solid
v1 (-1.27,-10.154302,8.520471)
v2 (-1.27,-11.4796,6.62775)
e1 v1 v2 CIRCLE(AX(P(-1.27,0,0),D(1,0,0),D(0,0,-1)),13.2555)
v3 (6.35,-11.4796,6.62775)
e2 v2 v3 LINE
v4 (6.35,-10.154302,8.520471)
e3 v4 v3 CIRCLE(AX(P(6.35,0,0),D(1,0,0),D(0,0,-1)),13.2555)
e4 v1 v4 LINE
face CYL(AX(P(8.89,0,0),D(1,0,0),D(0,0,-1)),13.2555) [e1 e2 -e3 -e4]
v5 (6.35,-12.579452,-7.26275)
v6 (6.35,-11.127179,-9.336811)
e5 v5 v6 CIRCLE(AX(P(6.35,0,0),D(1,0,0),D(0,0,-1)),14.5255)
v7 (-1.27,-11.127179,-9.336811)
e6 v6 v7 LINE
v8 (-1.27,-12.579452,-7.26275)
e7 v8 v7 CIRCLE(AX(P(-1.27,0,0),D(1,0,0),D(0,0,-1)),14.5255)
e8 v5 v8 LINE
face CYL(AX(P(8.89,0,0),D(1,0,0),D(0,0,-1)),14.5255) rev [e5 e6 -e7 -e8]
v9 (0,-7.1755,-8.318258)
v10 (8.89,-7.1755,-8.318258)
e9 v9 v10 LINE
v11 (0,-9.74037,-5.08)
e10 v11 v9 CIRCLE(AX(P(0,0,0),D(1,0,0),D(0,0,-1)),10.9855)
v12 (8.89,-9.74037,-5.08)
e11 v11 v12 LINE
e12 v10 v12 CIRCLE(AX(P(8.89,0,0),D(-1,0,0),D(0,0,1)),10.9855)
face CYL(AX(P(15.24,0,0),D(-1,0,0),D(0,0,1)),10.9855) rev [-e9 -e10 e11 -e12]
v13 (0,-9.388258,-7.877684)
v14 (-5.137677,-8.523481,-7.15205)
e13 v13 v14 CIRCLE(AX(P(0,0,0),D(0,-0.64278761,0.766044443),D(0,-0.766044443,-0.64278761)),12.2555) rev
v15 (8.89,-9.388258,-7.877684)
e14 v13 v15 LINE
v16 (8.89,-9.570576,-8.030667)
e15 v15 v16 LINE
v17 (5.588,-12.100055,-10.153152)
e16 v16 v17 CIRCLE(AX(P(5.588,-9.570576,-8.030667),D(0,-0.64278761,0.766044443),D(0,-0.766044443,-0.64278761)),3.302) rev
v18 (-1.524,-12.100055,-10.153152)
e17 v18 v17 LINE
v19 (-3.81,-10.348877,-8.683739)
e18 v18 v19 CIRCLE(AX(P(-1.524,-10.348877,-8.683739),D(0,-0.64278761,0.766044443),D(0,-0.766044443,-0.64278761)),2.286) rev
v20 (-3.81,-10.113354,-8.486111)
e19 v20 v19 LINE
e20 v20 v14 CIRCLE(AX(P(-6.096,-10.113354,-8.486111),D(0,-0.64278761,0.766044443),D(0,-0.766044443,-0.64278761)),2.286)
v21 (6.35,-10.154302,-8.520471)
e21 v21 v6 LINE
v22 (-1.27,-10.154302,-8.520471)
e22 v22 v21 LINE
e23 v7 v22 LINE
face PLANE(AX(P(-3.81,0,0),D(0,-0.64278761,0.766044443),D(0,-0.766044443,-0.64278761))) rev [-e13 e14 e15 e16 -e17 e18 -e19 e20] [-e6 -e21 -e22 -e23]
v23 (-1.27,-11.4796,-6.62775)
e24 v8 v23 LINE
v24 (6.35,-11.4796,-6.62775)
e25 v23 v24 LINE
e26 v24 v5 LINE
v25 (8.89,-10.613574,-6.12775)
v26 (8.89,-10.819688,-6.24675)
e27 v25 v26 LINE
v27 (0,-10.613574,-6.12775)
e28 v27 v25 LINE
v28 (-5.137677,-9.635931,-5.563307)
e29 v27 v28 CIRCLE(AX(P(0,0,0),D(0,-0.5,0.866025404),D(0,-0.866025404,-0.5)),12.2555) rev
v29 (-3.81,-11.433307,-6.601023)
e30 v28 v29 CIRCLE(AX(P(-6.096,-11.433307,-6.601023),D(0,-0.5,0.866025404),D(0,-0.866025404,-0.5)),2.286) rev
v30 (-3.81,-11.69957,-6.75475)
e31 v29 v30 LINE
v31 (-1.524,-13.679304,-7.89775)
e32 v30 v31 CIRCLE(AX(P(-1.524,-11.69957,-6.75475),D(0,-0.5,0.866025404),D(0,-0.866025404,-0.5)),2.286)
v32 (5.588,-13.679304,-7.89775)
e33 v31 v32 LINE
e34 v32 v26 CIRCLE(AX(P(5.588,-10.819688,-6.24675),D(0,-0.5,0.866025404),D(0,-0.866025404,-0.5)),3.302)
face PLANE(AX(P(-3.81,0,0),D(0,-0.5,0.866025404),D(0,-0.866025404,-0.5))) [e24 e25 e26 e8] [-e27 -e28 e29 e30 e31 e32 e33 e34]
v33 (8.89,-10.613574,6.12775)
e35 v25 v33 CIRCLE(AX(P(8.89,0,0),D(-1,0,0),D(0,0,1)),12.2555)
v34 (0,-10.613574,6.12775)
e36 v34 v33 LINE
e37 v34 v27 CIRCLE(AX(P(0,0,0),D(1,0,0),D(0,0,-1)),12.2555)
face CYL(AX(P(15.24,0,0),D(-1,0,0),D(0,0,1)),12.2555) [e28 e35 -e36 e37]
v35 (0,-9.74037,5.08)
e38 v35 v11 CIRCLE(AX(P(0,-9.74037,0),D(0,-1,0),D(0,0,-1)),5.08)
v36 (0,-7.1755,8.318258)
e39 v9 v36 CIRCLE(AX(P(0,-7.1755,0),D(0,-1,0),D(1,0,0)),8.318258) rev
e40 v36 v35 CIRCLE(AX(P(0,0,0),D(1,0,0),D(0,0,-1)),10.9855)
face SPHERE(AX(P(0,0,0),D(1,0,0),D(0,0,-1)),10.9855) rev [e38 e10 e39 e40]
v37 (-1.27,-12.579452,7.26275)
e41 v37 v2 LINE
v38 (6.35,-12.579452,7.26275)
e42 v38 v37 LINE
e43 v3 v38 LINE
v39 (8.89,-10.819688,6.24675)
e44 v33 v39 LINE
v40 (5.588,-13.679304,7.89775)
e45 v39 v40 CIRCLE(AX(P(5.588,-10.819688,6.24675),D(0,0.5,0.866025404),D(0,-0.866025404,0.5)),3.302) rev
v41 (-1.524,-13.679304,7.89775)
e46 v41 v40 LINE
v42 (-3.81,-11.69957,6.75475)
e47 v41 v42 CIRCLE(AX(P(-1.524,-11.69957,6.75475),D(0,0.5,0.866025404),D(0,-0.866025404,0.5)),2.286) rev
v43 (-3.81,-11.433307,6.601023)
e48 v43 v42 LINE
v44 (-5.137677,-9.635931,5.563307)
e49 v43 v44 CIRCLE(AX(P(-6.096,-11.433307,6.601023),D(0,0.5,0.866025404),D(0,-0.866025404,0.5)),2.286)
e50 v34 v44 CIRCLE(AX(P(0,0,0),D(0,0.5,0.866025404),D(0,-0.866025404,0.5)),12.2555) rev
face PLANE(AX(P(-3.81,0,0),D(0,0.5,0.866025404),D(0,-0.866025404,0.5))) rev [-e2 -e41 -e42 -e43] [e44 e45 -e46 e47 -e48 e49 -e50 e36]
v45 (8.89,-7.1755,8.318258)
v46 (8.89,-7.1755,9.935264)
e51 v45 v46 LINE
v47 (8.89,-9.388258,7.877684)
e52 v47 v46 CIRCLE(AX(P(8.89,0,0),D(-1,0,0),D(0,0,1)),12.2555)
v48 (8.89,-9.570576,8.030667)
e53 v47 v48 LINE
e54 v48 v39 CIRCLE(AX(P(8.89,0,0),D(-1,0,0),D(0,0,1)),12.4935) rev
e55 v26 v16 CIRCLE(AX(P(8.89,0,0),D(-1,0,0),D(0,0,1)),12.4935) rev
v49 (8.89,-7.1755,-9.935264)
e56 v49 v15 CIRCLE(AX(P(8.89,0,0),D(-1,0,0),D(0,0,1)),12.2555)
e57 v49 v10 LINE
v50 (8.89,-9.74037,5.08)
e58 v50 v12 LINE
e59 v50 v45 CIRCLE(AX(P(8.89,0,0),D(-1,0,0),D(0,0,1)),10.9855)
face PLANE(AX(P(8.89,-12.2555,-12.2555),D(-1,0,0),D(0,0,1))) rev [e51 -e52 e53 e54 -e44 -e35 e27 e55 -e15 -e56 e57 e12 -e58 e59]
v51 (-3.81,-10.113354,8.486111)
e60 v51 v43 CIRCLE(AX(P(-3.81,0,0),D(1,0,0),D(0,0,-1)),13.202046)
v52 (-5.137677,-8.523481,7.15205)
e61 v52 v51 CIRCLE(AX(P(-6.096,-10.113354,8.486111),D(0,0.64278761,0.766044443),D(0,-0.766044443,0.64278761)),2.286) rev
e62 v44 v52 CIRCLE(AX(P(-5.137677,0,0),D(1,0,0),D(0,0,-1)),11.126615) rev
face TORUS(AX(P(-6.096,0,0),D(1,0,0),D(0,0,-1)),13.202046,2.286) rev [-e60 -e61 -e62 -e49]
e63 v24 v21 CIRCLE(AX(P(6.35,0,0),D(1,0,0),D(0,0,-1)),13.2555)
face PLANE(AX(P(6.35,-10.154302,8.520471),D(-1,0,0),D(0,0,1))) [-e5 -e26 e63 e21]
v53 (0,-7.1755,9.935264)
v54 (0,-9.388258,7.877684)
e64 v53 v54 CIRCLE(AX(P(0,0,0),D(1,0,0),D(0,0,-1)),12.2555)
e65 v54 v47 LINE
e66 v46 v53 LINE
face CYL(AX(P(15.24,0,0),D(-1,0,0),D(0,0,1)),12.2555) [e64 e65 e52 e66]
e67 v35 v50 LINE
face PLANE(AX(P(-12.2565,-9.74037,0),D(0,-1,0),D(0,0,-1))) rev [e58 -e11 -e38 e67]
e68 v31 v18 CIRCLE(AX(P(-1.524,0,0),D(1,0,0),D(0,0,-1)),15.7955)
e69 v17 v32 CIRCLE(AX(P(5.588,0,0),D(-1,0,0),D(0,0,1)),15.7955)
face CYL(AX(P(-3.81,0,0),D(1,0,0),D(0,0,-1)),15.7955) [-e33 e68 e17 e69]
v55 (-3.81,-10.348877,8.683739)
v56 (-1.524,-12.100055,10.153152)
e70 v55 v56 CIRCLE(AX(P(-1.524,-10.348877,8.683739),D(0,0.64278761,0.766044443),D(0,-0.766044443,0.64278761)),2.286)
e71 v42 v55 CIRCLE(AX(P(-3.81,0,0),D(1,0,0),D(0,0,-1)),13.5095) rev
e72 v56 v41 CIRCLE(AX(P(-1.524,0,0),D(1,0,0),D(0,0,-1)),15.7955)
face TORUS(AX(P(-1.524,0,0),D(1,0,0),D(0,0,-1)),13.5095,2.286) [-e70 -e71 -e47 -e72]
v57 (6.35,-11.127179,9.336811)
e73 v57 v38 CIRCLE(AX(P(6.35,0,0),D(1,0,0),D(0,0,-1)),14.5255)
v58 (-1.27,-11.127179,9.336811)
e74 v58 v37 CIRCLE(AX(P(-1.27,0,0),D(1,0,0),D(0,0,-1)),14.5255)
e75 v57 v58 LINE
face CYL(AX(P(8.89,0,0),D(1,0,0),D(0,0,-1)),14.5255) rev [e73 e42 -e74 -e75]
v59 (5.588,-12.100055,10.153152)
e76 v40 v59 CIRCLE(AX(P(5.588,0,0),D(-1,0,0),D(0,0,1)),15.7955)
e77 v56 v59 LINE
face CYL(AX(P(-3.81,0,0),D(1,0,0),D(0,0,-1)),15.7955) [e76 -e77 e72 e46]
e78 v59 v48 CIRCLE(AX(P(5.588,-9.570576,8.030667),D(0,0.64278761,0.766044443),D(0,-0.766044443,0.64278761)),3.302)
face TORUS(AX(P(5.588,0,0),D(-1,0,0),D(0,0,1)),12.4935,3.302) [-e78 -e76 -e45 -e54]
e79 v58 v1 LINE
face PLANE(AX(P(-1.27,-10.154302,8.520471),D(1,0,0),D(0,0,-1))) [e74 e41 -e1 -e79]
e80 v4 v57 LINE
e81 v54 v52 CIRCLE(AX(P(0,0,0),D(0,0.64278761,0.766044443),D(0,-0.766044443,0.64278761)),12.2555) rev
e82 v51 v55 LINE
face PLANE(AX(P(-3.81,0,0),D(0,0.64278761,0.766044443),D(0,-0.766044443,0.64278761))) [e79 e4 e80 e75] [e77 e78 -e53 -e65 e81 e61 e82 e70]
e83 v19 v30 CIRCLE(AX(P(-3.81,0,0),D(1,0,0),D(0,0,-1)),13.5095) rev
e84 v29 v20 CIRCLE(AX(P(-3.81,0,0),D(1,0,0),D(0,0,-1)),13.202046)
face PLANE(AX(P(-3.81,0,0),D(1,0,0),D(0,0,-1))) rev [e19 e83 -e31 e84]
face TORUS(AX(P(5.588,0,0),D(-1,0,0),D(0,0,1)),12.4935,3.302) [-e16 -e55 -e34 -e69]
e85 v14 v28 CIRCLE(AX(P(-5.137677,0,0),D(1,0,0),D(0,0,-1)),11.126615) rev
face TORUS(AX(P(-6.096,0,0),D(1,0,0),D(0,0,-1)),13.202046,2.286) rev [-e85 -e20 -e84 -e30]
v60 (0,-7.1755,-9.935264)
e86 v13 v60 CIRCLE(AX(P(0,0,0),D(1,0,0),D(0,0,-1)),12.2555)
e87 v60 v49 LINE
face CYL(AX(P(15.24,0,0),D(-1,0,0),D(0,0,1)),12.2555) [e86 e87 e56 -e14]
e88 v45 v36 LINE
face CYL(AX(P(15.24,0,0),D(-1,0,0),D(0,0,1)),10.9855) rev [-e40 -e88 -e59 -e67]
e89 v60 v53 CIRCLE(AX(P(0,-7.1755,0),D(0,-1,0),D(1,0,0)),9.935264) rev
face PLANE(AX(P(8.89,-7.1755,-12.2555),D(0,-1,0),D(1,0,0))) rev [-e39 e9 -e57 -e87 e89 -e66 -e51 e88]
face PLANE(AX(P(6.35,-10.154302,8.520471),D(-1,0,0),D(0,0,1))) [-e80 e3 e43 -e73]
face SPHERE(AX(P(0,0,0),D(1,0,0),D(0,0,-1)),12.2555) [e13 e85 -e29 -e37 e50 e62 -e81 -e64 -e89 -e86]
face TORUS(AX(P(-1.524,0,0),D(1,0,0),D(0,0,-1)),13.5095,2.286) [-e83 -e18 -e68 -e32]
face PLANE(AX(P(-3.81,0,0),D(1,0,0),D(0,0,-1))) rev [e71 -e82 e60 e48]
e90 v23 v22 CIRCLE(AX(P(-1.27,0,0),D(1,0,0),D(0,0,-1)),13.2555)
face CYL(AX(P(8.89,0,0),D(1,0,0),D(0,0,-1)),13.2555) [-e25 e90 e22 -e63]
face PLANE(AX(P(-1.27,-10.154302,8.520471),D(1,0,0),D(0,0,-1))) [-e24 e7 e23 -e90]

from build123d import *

# Parameters (mm, degrees)
SKETCH2_R                            = 12.2555
SKETCH2_R_2                          = 10.985499999999998
BOSS_EXTRUDE2_DEPTH                  = 15.239999999999998
CUT_EXTRUDE1_DEPTH                   = 24.079258231147723
CUT_EXTRUDE1_DEPTH_BACK              = 24.079258231147723
SKETCH6_W                            = 19.050000000000004
SKETCH6_H                            = 6.349999999999999
BOSS_EXTRUDE3_DEPTH                  = 11.43
BOSS_EXTRUDE3_DIRECTION_2_REACH      = 32.02
BOSS_EXTRUDE3_DIRECTION_2_END_RADIUS = 12.2555
SKETCH7_R                            = 1.4605000000000004
CUT_EXTRUDE3_DEPTH                   = 31.810720873585545
BOSS_EXTRUDE5_REACH                  = 32.02
LPATTERN1_COUNT                      = 3
LPATTERN1_PITCH                      = 5.334
CUT_EXTRUDE4_DEPTH                   = 35.034282139484006
FILLET5_R                            = 5.08
FILLET6_R                            = 2.54
BOSS_EXTRUDE6_REACH                  = 36.034
CUT_EXTRUDE5_DEPTH                   = 31.81072095045976
CUT_EXTRUDE5_DEPTH_BACK              = 31.81072095045976
CUT_EXTRUDE6_DEPTH                   = 31.81072095045976
CUT_EXTRUDE6_DEPTH_BACK              = 31.81072095045976
BOSS_EXTRUDE7_START                  = -12.7
BOSS_EXTRUDE7_DEPTH                  = 12.7
FILLET7_R                            = 2.286
FILLET8_R                            = 3.3019999999999996


with BuildPart() as part:
    # Sketch2 → Boss-Extrude2 (new body)
    with BuildSketch(Plane(origin=(0, 0, 0), x_dir=(0, 0, -1), z_dir=(1, 0, 0))):
        with Locations(Location((0, 0, 0), (0, 0, 180))):
            Circle(SKETCH2_R)
        with Locations(Location((0, 0, 0), (0, 0, 180))):
            Circle(SKETCH2_R_2, mode=Mode.SUBTRACT)
    extrude(amount=BOSS_EXTRUDE2_DEPTH)

    # Sketch3 → Revolve1 (revolve)
    with BuildSketch(Plane(origin=(0, 0, 0), x_dir=(1, 0, 0), z_dir=(0, 1, 0))):
        with BuildLine():
            Line((-12.2555, -1.5e-15), (-10.985499999999998, -1.35e-15))
            ThreePointArc((-10.985499999999998, 1.35e-15), (-7.767921544724782, 7.767921544724851), (9.58e-14, 10.985499999999998))
            Line((6.22e-15, 10.985499999999998), (6.94e-15, 12.2555))
            ThreePointArc((6.19e-15, 12.2555), (-8.665947156831733, 8.665947156831734), (-12.2555, 1.5e-15))
        make_face()
    revolve(axis=Axis((0, 0, 0), (-1, 0, 1.2e-16)))

    # Sketch4 → Cut-Extrude1 (cut, two sides: drawn at the far end of the back side and taken through both)
    with BuildSketch(Plane(origin=(0, 0, 0), x_dir=(1, 0, 0), z_dir=(0, 1, 0)).offset(-CUT_EXTRUDE1_DEPTH_BACK)):
        Polygon((15.239999999999998, 12.2555), (8.889999999999999, 12.255500000000001), (8.890000000000002, -12.255499999999998), (15.240000000000002, -12.2555), align=None)
    extrude(amount=CUT_EXTRUDE1_DEPTH + CUT_EXTRUDE1_DEPTH_BACK, mode=Mode.SUBTRACT)

    # Sketch6 → Boss-Extrude3 (add)
    with BuildSketch(Plane(origin=(0, 12.255499999999998, 0), x_dir=(1, 0, 0), z_dir=(0, 1, 0))):
        with Locations((-0.6349999999999953, 0)):
            Rectangle(SKETCH6_W, SKETCH6_H)
    extrude(amount=BOSS_EXTRUDE3_DEPTH)

    # Boss-Extrude3 direction 2: up to this cylinder (the profile starts outside it)
    boss_extrude3_direction_2_end = Plane(origin=(-0.6349999999999998, 0, 0), z_dir=(-1, 0, 0)) * Cylinder(BOSS_EXTRUDE3_DIRECTION_2_END_RADIUS, 89.551, mode=Mode.PRIVATE)
    # Sketch6 → Boss-Extrude3 direction 2 (add, up to the surface)
    with BuildSketch(Plane(origin=(0, 12.255499999999998, 0), x_dir=(1, 0, 0), z_dir=(0, 1, 0)), mode=Mode.PRIVATE) as boss_extrude3_direction_2_sk1:
        with Locations((-0.6349999999999953, 0)):
            Rectangle(SKETCH6_W, SKETCH6_H)
    boss_extrude3_direction_2_tool1 = extrude(boss_extrude3_direction_2_sk1.sketch, amount=-BOSS_EXTRUDE3_DIRECTION_2_REACH, mode=Mode.PRIVATE) - boss_extrude3_direction_2_end
    add(boss_extrude3_direction_2_tool1.solids().sort_by_distance((-0.635, 12.2555, 0))[0])
    add(boss_extrude3_direction_2_tool1.solids().sort_by_distance((-0.635, 12.2555, 0))[1])

    # Sketch7 → Cut-Extrude3 (cut, through all)
    with BuildSketch(Plane.XY.offset(3.175)):
        with Locations((4.889500000000005, 19.685)):
            Circle(SKETCH7_R)
    cut_extrude3 = extrude(amount=-CUT_EXTRUDE3_DEPTH, mode=Mode.SUBTRACT)

    # Sketch10 → Boss-Extrude5 (add, up to next)
    with BuildSketch(Plane(origin=(0, 12.255499999999998, 0), x_dir=(1, 0, 0), z_dir=(0, 1, 0)), mode=Mode.PRIVATE) as boss_extrude5_sk1:
        Polygon((8.83e-15, -3.175), (8.05e-15, 3.175), (-10.159999999999993, 3.175), (-10.159999999999997, -3.175), align=None)
    boss_extrude5_tool1 = extrude(boss_extrude5_sk1.sketch, amount=-BOSS_EXTRUDE5_REACH, mode=Mode.PRIVATE) - part.part
    add(boss_extrude5_tool1.solids().sort_by_distance((-5.08, 12.2555, 0))[0])

    # LPattern1: Cut-Extrude3 ×3
    with Locations(*[(-i * LPATTERN1_PITCH, 0, 0) for i in range(1, LPATTERN1_COUNT)]):
        add(cut_extrude3, mode=Mode.SUBTRACT)

    # Sketch8 → Cut-Extrude4 (cut, through all)
    with BuildSketch(Plane(origin=(8.89, 0, -1.26e-15), x_dir=(-1.1e-16, 0, -1), z_dir=(1, 0, -1.1e-16))):
        Polygon((-1.5875, 23.685499999999998), (1.5875, 23.685499999999998), (1.5874999999999988, 16.0655), (-1.5874999999999988, 16.0655), align=None)
    extrude(amount=-CUT_EXTRUDE4_DEPTH, mode=Mode.SUBTRACT)

    # Fillet5
    fillet5_edges = [part.edges().sort_by_distance(p)[0] for p in [
        (8.890000000000006, 23.685499999999998, 2.381249999999999),
        (-10.159999999999997, 23.685499999999998, -2.3812499999999996),
        (8.890000000000006, 23.685499999999998, -2.3812500000000005),
        (-10.159999999999997, 23.685499999999998, 2.3812500000000005),
    ]]
    fillet(fillet5_edges, radius=FILLET5_R)

    # Fillet6
    fillet6_edges = [part.edges().sort_by_distance(p)[0] for p in [
        (4.445000000000007, 11.83708812377436, -3.175),
        (4.445000000000007, 11.83708812377436, 3.175),
        (-5.840399850139422, 10.29594021158298, -3.175),
        (-5.840399850139422, 10.295940211582979, 3.175),
        (-10.159999999999995, 6.853588859130672, 4.2e-15),
    ]]
    fillet(fillet6_edges, radius=FILLET6_R)

    # Sketch11 → Boss-Extrude6 (add, up to next)
    with BuildSketch(Plane(origin=(8.89, 0, -1.26e-15), x_dir=(-1.5e-16, 0, -1), z_dir=(1, 0, -1.5e-16)), mode=Mode.PRIVATE) as boss_extrude6_sk1:
        with BuildLine():
            Line((5.08, -9.740370129004337), (-5.08, -9.740370129004337))
            ThreePointArc((-5.080000000000005, -9.740370129004335), (-3.31e-15, -10.985499999999998), (5.08, -9.740370129004337))
        make_face()
    boss_extrude6_tool1 = extrude(boss_extrude6_sk1.sketch, amount=-BOSS_EXTRUDE6_REACH, mode=Mode.PRIVATE) - part.part
    add(boss_extrude6_tool1.solids().sort_by_distance((8.89, -10.240924, 0))[0])

    # Sketch13 → Cut-Extrude5 (cut, two sides: drawn at the far end of the back side and taken through both)
    with BuildSketch(Plane.XY.offset(3.175).offset(-CUT_EXTRUDE5_DEPTH_BACK)):
        with BuildLine():
            Line((6.350000000000005, 14.795499999999999), (-1.2699999999999942, 14.7955))
            Line((-1.2699999999999942, 14.7955), (-1.2699999999999942, 13.587961408909038))
            ThreePointArc((-1.269999999999727, 13.587961408909017), (-0.6356900108532129, 13.632369326720188), (9.77e-15, 13.647182685448303))
            Line((1.089e-14, 13.647182685448303), (6.350000000000005, 13.647182685448303))
            Line((6.350000000000005, 13.647182685448303), (6.350000000000005, 14.795499999999999))
        make_face()
        with BuildLine():
            ThreePointArc((9.77e-15, 13.647182685448303), (-0.6356900108532129, 13.632369326720188), (-1.269999999999727, 13.587961408909017))
            Line((-1.2699999999999942, 13.587961408909038), (-1.269999999999994, 12.2555))
            Line((-1.269999999999994, 12.2555), (6.350000000000005, 12.2555))
            Line((6.350000000000005, 12.2555), (6.350000000000005, 13.647182685448303))
            Line((6.350000000000005, 13.647182685448303), (1.089e-14, 13.647182685448303))
        make_face()
    extrude(amount=CUT_EXTRUDE5_DEPTH + CUT_EXTRUDE5_DEPTH_BACK, mode=Mode.SUBTRACT)

    # Sketch14 → Cut-Extrude6 (cut, two sides: drawn at the far end of the back side and taken through both)
    with BuildSketch(Plane.XY.offset(3.175).offset(-CUT_EXTRUDE6_DEPTH_BACK)):
        Polygon((8.89, -7.175499999999997), (-12.255499999999998, -7.175499999999999), (-12.255500000000003, 23.685499999999998), (8.889999999999999, 23.685500000000005), align=None)
    extrude(amount=CUT_EXTRUDE6_DEPTH + CUT_EXTRUDE6_DEPTH_BACK, mode=Mode.SUBTRACT)

    # Sketch16 → Boss-Extrude7 (add)
    with BuildSketch(Plane(origin=(8.89, 0, -1.26e-15), x_dir=(-1.4e-16, 0, -1), z_dir=(1, 0, -1.4e-16)).offset(BOSS_EXTRUDE7_START)):
        with BuildLine():
            ThreePointArc((-7.397750000000142, -12.813278861692577), (-8.486350164031906, -12.119764071277773), (-9.510364079117075, -11.334010558166936))
            Line((-9.510364079117169, -11.334010558166854), (-10.153151688803709, -12.100055001285837))
            ThreePointArc((-10.153151688803714, -12.100055001285833), (-9.059926600382918, -12.93891611556679), (-7.89774999999997, -13.679304265477118))
            Line((-7.897749999999964, -13.679304265477123), (-7.397749999999962, -12.813278861692677))
        make_face()
        with BuildLine():
            ThreePointArc((-6.127749999999821, -10.61357433608029), (-7.029466015700107, -10.039117878783834), (-7.877683550513282, -9.38825767264472))
            Line((-7.877683550513363, -9.388257672644649), (-9.510364079117169, -11.334010558166854))
            ThreePointArc((-9.510364079117075, -11.334010558166936), (-8.486350164031906, -12.119764071277773), (-7.397750000000142, -12.813278861692577))
            Line((-7.397749999999962, -12.813278861692677), (-6.1277499999999705, -10.613574336080204))
        make_face()
        with BuildLine():
            ThreePointArc((-5.492750000000139, -9.513722073273868), (-6.301023941534394, -8.998794782536732), (-7.061343286211322, -8.415381229883662))
            Line((-7.06134328621146, -8.415381229883545), (-7.877683550513363, -9.388257672644649))
            ThreePointArc((-7.877683550513282, -9.38825767264472), (-7.029466015700107, -10.039117878783834), (-6.127749999999821, -10.61357433608029))
            Line((-6.1277499999999705, -10.613574336080204), (-5.492749999999971, -9.51372207327396))
        make_face()
        with BuildLine():
            ThreePointArc((7.061343286211319, -8.415381229883664), (6.3010239415344, -8.998794782536729), (5.492750000000143, -9.513722073273867))
            Line((5.492749999999974, -9.513722073273968), (6.127749999999969, -10.613574336080204))
            ThreePointArc((6.127749999999821, -10.613574336080289), (7.029466015700105, -10.039117878783832), (7.877683550513282, -9.388257672644716))
            Line((7.8776835505133604, -9.388257672644645), (7.061343286211458, -8.415381229883542))
        make_face()
        with BuildLine():
            ThreePointArc((7.877683550513282, -9.388257672644716), (7.029466015700105, -10.039117878783832), (6.127749999999821, -10.613574336080289))
            Line((6.127749999999969, -10.613574336080204), (7.397749999999963, -12.813278861692682))
            ThreePointArc((7.397750000000137, -12.81327886169258), (8.486350164031892, -12.119764071277785), (9.510364079117059, -11.33401055816695))
            Line((9.510364079117169, -11.334010558166854), (7.8776835505133604, -9.388257672644645))
        make_face()
        with BuildLine():
            ThreePointArc((9.510364079117059, -11.33401055816695), (8.486350164031892, -12.119764071277785), (7.397750000000137, -12.81327886169258))
            Line((7.397749999999963, -12.813278861692682), (7.897749999999962, -13.679304265477123))
            ThreePointArc((7.897749999999966, -13.679304265477121), (9.059926600382914, -12.938916115566794), (10.15315168880371, -12.100055001285837))
            Line((10.153151688803709, -12.100055001285837), (9.510364079117169, -11.334010558166854))
        make_face()
    extrude(amount=BOSS_EXTRUDE7_DEPTH)

    # Sketch17 → Cut-Revolve1 (revolve, cut)
    with BuildSketch(Plane(origin=(0, 0, 0), x_dir=(1, -7e-17, -8e-17), z_dir=(0, 0.6427876096865381, 0.7660444431189791))):
        Polygon((-1.269999999999997, -13.255499999999996), (6.350000000000001, -13.255499999999996), (6.350000000000001, -14.525499999999997), (-1.269999999999997, -14.525499999999996), align=None)
    revolve(axis=Axis((8.890000000000002, 0, 0), (-1, 0, 0)), mode=Mode.SUBTRACT)

    # Fillet7
    fillet7_edges = [part.edges().sort_by_distance(p)[0] for p in [
        (-3.809999999999998, -9.541668537674667, 6.681148237178193),
        (-3.8099999999999974, -12.938916115566784, 9.059926600382923),
        (-3.8099999999999996, -9.541668537674669, -6.681148237178193),
        (-3.81, -12.938916115566787, -9.059926600382923),
    ]]
    fillet(fillet7_edges, radius=FILLET7_R)

    # Fillet8
    fillet8_edges = [part.edges().sort_by_distance(p)[0] for p in [
        (8.890000000000002, -12.938916115566784, 9.059926600382921),
        (8.889999999999999, -12.938916115566787, -9.059926600382925),
    ]]
    fillet(fillet8_edges, radius=FILLET8_R)


solid = part.part
